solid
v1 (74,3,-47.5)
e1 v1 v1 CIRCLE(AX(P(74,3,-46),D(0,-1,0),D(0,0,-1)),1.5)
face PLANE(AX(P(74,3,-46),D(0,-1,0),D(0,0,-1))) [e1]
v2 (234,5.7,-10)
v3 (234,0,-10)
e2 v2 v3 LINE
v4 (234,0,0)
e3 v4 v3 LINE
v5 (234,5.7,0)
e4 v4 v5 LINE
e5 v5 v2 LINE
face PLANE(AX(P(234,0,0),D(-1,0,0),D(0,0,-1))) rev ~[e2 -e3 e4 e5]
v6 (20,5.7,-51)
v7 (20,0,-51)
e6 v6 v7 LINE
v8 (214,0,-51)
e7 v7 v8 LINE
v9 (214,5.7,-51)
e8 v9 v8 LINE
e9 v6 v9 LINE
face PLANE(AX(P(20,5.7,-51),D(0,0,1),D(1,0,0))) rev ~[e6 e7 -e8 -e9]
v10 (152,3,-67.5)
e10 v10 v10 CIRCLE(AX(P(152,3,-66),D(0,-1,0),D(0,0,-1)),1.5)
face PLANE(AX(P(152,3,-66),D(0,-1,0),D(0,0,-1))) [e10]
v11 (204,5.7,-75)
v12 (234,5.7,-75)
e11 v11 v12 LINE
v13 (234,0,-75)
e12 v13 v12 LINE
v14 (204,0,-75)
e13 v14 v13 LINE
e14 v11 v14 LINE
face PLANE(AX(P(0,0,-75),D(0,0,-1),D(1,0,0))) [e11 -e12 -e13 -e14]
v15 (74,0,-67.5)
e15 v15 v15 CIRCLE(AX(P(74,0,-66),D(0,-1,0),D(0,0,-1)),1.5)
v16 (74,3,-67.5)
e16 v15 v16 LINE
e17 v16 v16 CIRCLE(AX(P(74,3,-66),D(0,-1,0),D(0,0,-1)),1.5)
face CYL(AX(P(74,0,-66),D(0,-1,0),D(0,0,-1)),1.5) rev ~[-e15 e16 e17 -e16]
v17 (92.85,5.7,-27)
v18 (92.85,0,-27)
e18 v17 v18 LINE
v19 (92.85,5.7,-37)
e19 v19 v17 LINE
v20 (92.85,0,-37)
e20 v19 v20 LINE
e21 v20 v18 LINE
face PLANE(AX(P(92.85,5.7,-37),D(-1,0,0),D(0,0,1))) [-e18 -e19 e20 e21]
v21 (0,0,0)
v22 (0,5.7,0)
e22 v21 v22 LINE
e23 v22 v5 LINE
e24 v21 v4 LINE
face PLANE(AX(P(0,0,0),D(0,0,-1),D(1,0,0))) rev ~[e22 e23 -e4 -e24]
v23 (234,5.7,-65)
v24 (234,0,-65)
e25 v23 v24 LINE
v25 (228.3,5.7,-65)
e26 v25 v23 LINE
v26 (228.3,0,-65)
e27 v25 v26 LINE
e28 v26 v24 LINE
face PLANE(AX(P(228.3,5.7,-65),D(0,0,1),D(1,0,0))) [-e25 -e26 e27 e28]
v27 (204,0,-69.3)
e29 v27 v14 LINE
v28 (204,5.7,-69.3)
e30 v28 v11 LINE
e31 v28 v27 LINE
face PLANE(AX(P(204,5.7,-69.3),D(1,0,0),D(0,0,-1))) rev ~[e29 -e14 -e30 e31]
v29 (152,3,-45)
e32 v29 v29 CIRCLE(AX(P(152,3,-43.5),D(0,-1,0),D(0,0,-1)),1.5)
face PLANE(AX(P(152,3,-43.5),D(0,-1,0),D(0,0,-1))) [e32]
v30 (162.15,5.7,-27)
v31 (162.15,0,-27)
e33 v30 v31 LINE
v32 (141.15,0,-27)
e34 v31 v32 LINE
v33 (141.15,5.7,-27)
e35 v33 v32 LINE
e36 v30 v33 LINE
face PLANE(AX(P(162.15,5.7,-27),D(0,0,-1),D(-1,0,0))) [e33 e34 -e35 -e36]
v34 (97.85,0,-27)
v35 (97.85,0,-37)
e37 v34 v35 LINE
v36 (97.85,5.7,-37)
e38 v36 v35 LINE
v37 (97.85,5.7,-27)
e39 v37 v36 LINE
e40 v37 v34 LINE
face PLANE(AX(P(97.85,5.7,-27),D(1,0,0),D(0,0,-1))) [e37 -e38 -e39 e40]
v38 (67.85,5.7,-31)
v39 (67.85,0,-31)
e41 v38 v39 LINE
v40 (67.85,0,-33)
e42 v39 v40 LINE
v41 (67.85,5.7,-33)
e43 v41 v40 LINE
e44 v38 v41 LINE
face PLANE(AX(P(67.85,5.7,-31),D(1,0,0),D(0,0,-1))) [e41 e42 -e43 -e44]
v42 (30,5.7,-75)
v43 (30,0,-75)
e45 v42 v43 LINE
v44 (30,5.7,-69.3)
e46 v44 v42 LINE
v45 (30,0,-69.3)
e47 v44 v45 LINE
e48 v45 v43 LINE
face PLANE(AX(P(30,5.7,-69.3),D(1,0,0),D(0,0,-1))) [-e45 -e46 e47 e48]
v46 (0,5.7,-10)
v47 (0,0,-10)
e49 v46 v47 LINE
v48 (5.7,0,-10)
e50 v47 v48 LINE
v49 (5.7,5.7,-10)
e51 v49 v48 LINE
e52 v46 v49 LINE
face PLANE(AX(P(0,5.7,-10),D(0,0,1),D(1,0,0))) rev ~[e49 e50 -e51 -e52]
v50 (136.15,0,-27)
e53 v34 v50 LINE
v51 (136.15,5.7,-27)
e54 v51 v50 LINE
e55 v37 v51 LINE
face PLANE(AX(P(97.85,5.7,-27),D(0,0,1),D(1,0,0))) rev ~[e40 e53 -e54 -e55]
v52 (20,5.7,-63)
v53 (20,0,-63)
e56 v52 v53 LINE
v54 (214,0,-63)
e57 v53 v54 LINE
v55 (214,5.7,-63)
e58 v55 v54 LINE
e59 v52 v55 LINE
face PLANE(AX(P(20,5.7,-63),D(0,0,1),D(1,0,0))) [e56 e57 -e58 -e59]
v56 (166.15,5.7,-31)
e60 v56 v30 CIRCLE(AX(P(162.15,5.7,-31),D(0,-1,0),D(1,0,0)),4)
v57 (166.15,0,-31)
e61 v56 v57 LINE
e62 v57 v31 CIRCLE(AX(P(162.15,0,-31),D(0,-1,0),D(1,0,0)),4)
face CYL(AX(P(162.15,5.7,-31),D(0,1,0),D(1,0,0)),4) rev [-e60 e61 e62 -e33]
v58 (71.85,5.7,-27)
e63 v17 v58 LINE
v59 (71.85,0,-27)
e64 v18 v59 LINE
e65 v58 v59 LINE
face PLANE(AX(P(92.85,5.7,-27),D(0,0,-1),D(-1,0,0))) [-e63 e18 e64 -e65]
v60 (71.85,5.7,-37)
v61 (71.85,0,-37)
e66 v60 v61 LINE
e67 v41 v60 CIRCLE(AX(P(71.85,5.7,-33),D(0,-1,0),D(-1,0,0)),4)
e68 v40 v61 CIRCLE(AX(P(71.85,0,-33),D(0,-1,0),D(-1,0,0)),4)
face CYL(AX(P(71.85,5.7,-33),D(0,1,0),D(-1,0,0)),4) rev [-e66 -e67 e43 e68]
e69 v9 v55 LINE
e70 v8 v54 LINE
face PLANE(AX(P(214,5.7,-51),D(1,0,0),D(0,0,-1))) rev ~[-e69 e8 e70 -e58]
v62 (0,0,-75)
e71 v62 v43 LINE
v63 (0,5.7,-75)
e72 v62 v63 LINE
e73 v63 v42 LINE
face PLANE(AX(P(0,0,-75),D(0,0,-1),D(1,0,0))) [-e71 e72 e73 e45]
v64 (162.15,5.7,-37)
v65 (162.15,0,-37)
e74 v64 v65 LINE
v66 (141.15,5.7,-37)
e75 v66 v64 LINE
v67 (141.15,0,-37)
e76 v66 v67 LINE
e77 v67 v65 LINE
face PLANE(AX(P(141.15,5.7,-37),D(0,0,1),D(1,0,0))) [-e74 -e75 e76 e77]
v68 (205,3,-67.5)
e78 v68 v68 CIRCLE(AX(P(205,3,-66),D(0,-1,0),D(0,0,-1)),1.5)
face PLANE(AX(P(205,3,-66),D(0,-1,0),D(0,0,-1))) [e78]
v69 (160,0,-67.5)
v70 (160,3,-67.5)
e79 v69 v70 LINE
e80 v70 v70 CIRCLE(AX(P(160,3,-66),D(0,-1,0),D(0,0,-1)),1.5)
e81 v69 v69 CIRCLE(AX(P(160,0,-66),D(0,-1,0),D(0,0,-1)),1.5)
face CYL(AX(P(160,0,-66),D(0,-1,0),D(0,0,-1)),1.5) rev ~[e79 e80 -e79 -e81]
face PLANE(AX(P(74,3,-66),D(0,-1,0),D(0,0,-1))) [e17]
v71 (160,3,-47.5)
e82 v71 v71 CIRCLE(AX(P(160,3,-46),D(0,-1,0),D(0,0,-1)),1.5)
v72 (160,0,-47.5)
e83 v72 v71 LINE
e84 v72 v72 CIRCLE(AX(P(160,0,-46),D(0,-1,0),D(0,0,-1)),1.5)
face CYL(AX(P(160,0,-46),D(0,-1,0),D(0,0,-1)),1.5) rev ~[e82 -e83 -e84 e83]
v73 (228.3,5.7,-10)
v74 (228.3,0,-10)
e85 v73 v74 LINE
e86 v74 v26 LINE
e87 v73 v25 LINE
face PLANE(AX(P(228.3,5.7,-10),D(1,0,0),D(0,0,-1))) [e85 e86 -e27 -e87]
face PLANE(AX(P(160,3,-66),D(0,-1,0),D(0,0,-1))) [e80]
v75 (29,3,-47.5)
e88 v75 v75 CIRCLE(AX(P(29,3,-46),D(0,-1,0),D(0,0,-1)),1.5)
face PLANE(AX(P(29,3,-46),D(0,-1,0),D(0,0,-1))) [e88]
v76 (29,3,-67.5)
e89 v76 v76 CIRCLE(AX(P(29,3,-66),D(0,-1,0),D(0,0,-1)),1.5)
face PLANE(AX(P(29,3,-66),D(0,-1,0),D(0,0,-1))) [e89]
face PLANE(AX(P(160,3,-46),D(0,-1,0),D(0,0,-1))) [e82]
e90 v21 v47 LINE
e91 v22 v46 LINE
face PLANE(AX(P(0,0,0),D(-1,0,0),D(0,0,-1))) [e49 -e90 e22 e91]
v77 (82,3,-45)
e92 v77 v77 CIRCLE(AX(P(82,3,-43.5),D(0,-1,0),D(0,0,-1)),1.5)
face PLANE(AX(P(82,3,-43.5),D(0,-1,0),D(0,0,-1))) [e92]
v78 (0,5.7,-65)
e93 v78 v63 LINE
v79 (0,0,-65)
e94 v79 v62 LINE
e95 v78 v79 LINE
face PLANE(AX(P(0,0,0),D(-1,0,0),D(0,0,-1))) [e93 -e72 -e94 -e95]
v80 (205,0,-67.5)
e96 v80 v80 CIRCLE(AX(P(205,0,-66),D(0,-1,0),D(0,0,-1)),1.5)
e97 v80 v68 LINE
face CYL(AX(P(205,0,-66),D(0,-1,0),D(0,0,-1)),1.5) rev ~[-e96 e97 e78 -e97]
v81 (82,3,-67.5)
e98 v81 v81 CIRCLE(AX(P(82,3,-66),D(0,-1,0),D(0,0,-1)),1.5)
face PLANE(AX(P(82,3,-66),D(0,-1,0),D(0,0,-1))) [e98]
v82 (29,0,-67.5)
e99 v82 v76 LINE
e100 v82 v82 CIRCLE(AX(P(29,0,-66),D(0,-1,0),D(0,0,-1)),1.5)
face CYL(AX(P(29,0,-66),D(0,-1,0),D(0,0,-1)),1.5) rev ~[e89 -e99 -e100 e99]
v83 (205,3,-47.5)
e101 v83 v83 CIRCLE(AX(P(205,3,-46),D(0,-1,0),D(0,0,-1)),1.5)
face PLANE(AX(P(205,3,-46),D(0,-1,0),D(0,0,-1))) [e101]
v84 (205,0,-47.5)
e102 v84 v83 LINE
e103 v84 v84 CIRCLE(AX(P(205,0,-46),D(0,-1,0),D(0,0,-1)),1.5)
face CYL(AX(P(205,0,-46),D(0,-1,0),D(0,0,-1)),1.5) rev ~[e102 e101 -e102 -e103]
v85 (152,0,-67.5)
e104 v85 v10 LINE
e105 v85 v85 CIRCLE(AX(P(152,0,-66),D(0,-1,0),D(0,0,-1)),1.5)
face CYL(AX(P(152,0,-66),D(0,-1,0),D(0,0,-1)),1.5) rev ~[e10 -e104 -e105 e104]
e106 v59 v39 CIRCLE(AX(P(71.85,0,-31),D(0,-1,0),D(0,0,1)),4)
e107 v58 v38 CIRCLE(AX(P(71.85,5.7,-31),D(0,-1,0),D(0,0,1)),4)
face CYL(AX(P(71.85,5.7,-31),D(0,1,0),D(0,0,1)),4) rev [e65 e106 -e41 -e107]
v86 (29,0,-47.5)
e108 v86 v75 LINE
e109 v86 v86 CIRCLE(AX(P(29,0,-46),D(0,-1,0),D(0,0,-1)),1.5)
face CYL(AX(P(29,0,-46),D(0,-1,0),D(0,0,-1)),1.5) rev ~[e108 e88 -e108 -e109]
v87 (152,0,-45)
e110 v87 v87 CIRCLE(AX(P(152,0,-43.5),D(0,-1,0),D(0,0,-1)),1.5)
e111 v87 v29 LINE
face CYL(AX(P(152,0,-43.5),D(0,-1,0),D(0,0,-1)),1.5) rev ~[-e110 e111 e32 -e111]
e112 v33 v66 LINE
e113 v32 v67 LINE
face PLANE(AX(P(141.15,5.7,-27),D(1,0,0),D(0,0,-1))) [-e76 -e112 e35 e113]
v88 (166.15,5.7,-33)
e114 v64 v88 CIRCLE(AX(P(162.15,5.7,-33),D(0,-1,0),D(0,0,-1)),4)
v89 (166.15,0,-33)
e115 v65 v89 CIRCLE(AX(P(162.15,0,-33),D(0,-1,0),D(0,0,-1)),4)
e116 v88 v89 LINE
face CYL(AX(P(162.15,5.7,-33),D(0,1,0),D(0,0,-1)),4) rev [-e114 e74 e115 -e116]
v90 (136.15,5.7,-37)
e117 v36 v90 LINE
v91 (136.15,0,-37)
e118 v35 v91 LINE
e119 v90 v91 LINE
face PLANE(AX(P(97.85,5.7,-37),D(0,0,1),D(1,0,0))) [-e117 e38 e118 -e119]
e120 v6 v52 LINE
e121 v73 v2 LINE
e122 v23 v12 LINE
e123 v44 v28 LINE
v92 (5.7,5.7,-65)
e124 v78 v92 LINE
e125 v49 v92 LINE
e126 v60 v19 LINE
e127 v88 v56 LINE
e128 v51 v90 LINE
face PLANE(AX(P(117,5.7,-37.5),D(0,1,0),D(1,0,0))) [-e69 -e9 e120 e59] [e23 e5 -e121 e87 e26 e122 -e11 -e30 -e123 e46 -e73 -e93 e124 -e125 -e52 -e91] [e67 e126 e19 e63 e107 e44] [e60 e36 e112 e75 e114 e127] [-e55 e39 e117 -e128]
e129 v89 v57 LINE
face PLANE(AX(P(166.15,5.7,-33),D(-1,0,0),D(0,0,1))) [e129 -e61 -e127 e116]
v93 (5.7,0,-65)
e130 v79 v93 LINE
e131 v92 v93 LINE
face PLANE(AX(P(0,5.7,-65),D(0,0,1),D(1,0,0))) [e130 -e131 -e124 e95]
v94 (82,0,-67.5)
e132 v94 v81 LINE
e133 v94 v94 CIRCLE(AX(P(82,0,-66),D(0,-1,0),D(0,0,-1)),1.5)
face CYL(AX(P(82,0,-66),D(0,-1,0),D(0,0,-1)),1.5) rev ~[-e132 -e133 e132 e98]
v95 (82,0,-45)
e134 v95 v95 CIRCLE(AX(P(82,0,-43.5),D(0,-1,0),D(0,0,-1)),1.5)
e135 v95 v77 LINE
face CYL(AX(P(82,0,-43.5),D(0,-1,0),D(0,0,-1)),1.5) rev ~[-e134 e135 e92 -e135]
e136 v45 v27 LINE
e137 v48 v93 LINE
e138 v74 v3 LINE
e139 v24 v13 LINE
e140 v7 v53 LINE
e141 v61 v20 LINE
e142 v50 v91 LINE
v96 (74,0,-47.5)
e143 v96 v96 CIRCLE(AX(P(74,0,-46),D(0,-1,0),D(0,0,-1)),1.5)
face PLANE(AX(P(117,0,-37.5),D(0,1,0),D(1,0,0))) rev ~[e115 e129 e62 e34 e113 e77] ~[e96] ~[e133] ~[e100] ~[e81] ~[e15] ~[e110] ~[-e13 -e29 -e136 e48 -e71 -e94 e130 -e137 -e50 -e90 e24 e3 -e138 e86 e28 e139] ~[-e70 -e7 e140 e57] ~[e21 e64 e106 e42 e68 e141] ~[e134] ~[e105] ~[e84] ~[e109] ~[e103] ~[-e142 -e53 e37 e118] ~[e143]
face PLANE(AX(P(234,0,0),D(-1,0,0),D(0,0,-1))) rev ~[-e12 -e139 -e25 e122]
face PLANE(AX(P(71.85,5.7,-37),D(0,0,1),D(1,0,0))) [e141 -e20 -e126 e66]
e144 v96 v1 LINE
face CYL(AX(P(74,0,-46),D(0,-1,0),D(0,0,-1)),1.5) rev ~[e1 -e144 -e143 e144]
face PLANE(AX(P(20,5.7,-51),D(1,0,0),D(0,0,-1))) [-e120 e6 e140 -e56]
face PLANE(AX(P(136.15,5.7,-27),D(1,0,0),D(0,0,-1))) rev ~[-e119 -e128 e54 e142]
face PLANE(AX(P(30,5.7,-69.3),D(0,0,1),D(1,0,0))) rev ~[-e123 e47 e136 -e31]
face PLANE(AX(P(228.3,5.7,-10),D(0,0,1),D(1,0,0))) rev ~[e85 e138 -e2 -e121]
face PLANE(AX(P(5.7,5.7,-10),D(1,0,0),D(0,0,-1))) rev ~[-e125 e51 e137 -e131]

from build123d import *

# Parameters (mm, degrees)
SKETCH1_W           = 234
SKETCH1_H           = 75
BOSS_EXTRUDE1_DEPTH = 5.7
SKETCH2_W           = 5.7
SKETCH2_H           = 55
CUT_EXTRUDE1_DEPTH  = 5.7
SKETCH3_W           = 194
SKETCH3_H           = 12
SKETCH3_W_2         = 38.3
SKETCH3_H_2         = 10
CUT_EXTRUDE2_DEPTH  = 5.7
SKETCH4_W           = 174
SKETCH4_H           = 5.7
CUT_EXTRUDE3_DEPTH  = 5.7
SKETCH6_R           = 1.5
CUT_EXTRUDE4_DEPTH  = 3
SKETCH7_R           = 1.5
CUT_EXTRUDE5_DEPTH  = 3


with BuildPart() as part:
    # Sketch1 → Boss-Extrude1 (new body)
    with BuildSketch(Plane(origin=(0, 0, 0), x_dir=(1, 0, 0), z_dir=(0, 1, 0))):
        with Locations((117, 37.5)):
            Rectangle(SKETCH1_W, SKETCH1_H)
    extrude(amount=BOSS_EXTRUDE1_DEPTH)

    # Sketch2 → Cut-Extrude1 (cut)
    with BuildSketch(Plane(origin=(0, 5.7, 0), x_dir=(1, 0, 0), z_dir=(0, 1, 0))):
        with Locations((2.85, 37.5)):
            Rectangle(SKETCH2_W, SKETCH2_H)
        with Locations((231.15, 37.5)):
            Rectangle(SKETCH2_W, SKETCH2_H)
    extrude(amount=-CUT_EXTRUDE1_DEPTH, mode=Mode.SUBTRACT)

    # Sketch3 → Cut-Extrude2 (cut)
    with BuildSketch(Plane(origin=(0, 5.7, 0), x_dir=(1, 0, 0), z_dir=(0, 1, 0))):
        with Locations((117, 57)):
            Rectangle(SKETCH3_W, SKETCH3_H)
        with Locations((117, 32)):
            Rectangle(SKETCH3_W_2, SKETCH3_H_2)
        with BuildLine():
            Line((92.85, 27), (71.85, 27))
            ThreePointArc((71.85, 27), (69.021572875, 28.171572875), (67.85, 31))
            Line((67.85, 31), (67.85, 33))
            ThreePointArc((67.85, 33), (69.021572875, 35.828427125), (71.85, 37))
            Line((71.85, 37), (92.85, 37))
            Line((92.85, 37), (92.85, 27))
        make_face()
        with BuildLine():
            Line((162.15, 27), (141.15, 27))
            Line((141.15, 27), (141.15, 37))
            Line((141.15, 37), (162.15, 37))
            ThreePointArc((162.15, 37), (164.978427125, 35.828427125), (166.15, 33))
            Line((166.15, 33), (166.15, 31))
            ThreePointArc((166.15, 31), (164.978427125, 28.171572875), (162.15, 27))
        make_face()
    extrude(amount=-CUT_EXTRUDE2_DEPTH, mode=Mode.SUBTRACT)

    # Sketch4 → Cut-Extrude3 (cut)
    with BuildSketch(Plane(origin=(0, 5.7, 0), x_dir=(1, 0, 0), z_dir=(0, 1, 0))):
        with Locations((117, 72.15)):
            Rectangle(SKETCH4_W, SKETCH4_H)
    extrude(amount=-CUT_EXTRUDE3_DEPTH, mode=Mode.SUBTRACT)

    # Sketch6 → Cut-Extrude4 (cut)
    with BuildSketch(Plane.XZ):
        with Locations(Location((152, -66, 0), (0, 0, 270))):
            Circle(SKETCH6_R)
        with Locations(Location((82, -66, 0), (0, 0, 270))):
            Circle(SKETCH6_R)
        with Locations(Location((82, -43.5, 0), (0, 0, 270))):
            Circle(SKETCH6_R)
        with Locations(Location((152, -43.5, 0), (0, 0, 270))):
            Circle(SKETCH6_R)
    extrude(amount=-CUT_EXTRUDE4_DEPTH, mode=Mode.SUBTRACT)

    # Sketch7 → Cut-Extrude5 (cut)
    with BuildSketch(Plane.XZ):
        with Locations(Location((205, -66, 0), (0, 0, 270))):
            Circle(SKETCH7_R)
        with Locations(Location((160, -66, 0), (0, 0, 270))):
            Circle(SKETCH7_R)
        with Locations(Location((160, -46, 0), (0, 0, 270))):
            Circle(SKETCH7_R)
        with Locations(Location((205, -46, 0), (0, 0, 270))):
            Circle(SKETCH7_R)
        with Locations(Location((74, -66, 0), (0, 0, 270))):
            Circle(SKETCH7_R)
        with Locations(Location((29, -66, 0), (0, 0, 270))):
            Circle(SKETCH7_R)
        with Locations(Location((29, -46, 0), (0, 0, 270))):
            Circle(SKETCH7_R)
        with Locations(Location((74, -46, 0), (0, 0, 270))):
            Circle(SKETCH7_R)
    extrude(amount=-CUT_EXTRUDE5_DEPTH, mode=Mode.SUBTRACT)


solid = part.part
